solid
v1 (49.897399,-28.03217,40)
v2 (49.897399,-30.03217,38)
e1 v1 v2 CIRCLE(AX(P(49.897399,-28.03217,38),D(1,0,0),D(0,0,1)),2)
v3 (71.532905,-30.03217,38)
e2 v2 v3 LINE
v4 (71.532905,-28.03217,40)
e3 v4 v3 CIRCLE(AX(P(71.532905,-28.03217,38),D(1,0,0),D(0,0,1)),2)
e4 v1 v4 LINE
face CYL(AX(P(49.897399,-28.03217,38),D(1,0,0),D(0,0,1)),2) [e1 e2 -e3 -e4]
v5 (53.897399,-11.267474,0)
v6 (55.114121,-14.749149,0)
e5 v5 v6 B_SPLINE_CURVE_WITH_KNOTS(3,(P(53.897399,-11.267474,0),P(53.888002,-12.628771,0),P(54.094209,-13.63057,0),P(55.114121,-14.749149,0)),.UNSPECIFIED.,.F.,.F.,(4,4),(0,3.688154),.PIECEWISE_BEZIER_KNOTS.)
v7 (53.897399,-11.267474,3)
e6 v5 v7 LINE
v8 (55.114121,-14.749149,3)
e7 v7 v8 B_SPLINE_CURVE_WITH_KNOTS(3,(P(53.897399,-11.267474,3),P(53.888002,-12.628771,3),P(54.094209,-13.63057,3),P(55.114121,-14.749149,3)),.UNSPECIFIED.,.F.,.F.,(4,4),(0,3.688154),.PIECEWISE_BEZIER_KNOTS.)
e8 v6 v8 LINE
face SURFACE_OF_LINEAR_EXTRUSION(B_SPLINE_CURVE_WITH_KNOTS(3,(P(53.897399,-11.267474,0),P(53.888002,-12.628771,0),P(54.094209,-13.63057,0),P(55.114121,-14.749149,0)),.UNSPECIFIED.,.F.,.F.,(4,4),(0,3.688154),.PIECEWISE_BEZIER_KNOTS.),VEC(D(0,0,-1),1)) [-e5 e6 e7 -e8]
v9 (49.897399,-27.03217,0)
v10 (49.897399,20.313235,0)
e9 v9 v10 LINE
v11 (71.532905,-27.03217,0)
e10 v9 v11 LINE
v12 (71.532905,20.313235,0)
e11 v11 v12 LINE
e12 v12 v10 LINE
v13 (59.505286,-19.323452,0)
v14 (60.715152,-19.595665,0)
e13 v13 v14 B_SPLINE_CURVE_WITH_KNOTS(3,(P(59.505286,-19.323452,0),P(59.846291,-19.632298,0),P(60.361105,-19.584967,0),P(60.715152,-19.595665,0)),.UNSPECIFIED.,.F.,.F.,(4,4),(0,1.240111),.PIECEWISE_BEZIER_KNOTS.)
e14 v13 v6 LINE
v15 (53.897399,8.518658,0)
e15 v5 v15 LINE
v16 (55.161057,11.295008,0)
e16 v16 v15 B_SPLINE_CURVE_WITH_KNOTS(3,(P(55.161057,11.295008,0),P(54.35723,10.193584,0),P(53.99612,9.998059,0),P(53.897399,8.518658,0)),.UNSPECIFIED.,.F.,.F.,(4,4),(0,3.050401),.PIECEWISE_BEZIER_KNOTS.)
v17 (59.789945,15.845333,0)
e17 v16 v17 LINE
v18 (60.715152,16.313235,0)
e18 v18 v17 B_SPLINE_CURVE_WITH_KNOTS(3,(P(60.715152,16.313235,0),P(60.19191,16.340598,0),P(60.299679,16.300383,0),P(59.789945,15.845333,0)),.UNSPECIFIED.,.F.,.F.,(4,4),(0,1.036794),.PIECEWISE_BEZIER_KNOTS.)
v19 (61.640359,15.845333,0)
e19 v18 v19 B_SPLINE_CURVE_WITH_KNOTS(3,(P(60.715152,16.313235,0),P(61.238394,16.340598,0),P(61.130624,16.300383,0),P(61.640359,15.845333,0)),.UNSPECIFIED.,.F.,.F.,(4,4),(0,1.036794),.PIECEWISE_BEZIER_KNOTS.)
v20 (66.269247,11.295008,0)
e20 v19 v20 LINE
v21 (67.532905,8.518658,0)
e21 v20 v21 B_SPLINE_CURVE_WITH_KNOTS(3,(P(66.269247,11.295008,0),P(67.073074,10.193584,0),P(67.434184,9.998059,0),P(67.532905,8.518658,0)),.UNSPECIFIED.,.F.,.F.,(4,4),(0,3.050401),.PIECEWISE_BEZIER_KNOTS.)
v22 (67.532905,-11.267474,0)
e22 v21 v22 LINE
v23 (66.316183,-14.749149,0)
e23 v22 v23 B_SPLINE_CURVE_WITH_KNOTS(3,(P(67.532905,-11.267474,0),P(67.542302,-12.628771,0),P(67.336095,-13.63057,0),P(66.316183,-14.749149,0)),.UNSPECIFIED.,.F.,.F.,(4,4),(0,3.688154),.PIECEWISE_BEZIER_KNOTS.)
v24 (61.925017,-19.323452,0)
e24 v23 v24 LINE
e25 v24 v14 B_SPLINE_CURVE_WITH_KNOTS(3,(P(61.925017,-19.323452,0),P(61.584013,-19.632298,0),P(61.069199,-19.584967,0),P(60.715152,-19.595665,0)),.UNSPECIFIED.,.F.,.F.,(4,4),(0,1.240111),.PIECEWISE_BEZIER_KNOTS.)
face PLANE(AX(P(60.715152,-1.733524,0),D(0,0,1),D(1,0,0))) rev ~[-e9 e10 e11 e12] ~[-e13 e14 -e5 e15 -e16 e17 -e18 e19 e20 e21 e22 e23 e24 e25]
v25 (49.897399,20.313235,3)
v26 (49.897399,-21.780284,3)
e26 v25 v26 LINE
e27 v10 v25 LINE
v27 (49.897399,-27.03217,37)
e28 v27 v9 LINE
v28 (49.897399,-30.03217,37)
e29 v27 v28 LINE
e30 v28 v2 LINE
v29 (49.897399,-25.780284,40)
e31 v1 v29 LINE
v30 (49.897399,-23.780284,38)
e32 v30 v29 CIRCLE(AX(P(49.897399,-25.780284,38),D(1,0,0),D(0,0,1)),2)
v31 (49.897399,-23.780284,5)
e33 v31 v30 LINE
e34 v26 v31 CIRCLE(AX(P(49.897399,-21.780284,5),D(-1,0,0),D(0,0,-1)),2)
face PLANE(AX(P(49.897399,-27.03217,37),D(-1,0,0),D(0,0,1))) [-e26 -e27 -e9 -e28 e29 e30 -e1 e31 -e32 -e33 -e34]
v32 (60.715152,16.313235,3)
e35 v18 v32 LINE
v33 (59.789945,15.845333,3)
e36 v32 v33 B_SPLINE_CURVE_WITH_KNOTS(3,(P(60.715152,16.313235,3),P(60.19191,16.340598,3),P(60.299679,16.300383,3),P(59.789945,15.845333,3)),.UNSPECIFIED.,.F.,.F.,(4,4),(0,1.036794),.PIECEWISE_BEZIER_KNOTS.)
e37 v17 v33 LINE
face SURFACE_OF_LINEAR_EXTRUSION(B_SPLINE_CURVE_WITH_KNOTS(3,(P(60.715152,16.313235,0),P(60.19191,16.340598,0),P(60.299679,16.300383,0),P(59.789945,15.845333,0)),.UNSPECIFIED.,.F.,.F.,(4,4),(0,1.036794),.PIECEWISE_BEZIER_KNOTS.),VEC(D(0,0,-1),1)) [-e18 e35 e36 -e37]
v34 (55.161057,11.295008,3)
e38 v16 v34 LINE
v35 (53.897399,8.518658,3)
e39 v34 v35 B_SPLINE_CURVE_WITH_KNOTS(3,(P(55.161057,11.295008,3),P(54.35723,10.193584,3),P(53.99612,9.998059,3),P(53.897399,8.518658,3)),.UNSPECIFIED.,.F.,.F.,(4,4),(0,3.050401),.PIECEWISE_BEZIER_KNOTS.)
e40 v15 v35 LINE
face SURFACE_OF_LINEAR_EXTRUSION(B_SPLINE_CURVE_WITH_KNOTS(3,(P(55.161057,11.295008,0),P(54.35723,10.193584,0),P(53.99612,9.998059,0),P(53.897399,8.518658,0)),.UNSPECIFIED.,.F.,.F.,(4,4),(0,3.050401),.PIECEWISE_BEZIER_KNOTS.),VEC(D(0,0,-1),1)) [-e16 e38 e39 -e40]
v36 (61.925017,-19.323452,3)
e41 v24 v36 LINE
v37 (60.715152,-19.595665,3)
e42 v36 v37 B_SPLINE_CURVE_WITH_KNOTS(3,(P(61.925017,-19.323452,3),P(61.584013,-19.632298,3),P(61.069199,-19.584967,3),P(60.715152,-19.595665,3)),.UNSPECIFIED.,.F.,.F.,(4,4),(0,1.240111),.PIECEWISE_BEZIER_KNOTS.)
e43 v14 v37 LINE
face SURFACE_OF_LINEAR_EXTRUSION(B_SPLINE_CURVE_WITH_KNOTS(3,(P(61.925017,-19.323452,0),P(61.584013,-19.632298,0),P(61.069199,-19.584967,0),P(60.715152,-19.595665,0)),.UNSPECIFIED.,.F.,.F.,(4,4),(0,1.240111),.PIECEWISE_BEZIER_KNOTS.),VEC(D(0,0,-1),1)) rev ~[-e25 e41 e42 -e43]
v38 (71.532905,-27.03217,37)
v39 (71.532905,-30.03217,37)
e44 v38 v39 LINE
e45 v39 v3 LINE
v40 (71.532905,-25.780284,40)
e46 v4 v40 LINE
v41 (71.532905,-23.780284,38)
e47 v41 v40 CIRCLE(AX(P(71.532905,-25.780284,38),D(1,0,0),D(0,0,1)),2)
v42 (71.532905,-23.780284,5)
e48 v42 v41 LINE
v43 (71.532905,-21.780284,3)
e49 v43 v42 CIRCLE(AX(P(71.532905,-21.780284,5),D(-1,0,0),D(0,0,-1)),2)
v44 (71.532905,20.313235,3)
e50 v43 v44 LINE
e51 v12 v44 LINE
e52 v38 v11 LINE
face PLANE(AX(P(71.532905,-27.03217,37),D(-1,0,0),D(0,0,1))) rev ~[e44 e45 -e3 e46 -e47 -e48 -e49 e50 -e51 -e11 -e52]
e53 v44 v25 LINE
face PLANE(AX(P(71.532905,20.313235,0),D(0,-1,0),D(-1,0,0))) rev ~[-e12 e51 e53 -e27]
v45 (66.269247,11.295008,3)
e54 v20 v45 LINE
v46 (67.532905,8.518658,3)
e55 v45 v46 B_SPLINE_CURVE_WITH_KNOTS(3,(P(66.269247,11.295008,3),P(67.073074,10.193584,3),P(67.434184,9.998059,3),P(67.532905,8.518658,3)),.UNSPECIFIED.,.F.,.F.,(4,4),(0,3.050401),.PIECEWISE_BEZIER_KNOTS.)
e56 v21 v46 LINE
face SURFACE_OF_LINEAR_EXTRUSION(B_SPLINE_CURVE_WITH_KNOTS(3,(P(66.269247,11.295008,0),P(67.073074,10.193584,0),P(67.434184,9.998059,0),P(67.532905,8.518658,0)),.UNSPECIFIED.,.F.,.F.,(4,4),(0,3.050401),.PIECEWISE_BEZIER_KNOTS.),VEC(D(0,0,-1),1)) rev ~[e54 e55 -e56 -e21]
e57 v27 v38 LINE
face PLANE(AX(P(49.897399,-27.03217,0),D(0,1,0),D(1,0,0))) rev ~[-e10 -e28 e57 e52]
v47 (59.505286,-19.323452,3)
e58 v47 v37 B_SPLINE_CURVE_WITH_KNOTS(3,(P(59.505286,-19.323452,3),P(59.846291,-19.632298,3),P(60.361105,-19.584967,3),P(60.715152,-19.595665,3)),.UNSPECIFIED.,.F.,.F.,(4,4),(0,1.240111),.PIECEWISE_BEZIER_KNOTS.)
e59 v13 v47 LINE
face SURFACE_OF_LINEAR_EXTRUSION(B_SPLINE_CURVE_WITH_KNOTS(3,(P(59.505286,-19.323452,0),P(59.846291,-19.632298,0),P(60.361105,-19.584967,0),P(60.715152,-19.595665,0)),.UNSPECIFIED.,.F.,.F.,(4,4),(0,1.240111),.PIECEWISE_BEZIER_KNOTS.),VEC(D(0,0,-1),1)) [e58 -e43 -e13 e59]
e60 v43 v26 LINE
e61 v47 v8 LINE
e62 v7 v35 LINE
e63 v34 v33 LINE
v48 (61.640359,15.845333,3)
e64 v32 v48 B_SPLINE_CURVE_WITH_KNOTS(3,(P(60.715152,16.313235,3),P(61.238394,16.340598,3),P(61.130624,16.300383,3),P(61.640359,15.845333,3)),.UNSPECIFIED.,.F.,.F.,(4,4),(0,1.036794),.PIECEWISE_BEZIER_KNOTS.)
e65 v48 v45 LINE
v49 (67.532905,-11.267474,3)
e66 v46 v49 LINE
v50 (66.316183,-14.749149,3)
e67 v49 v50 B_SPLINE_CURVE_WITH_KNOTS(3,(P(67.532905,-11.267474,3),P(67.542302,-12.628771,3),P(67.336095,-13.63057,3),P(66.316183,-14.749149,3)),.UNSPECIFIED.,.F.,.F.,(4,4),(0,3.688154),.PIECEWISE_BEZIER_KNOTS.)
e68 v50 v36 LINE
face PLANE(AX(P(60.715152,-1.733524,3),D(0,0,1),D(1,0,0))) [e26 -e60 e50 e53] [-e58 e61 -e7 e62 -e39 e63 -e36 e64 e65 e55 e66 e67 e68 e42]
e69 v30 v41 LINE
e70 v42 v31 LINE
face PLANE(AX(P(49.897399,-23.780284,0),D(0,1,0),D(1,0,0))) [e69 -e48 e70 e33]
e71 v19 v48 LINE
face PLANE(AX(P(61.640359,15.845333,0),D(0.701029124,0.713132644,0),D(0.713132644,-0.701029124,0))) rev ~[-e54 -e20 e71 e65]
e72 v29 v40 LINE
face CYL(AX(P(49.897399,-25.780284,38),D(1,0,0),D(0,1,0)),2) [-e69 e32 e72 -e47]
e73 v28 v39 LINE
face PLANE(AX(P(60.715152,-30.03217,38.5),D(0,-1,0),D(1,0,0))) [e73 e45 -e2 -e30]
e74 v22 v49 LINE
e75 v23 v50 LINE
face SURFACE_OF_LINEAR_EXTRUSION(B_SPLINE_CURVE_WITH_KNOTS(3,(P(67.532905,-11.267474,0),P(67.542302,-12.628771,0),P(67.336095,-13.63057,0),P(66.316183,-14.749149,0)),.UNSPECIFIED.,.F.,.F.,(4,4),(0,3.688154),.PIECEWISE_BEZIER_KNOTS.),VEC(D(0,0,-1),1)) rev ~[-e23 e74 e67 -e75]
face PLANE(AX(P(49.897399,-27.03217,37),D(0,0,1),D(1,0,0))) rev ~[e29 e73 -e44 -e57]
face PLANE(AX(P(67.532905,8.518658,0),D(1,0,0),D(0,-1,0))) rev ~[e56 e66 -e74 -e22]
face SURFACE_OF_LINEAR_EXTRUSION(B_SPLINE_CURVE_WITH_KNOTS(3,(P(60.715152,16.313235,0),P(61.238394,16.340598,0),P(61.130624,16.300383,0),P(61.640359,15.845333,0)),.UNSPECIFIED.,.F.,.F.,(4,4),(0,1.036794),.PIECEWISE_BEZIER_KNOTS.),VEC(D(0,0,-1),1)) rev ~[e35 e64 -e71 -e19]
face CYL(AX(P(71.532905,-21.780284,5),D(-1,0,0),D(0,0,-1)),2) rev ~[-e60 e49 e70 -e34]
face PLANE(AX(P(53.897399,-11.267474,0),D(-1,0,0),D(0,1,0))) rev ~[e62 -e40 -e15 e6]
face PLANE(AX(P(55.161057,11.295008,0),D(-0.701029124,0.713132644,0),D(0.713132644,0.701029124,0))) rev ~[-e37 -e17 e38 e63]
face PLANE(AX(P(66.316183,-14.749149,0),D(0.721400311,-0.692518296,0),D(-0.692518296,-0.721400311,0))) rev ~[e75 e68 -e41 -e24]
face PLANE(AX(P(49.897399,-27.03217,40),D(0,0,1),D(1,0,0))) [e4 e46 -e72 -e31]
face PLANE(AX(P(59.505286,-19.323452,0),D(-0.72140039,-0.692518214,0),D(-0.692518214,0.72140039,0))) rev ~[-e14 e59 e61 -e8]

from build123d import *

# Parameters (mm, degrees)
F0_W     = 21.635506
F0_H     = 3.251886
F1_DEPTH = 3
F2_DEPTH = 40
F3_W     = 21.635506
F3_H     = 3
F4_DEPTH = 3
F5_R     = 2


with BuildPart() as f1:
    # F0 (on Top) → F1 (new body)
    with BuildSketch(Plane.XY):
        Polygon((71.532905, -23.780284), (71.532905, -23.03217), (71.532905, 20.313235), (60.715152, 20.313235), (49.897399, 20.313235), (49.897399, -23.03217), (49.897399, -23.780284), align=None)
        with BuildLine():
            add(Edge.make_bspline(
                [(60.715152, 16.313235), (60.19191, 16.340598), (60.299679, 16.300383), (59.789945, 15.845333)],
                knots=[0, 0, 0, 0, 1.036794, 1.036794, 1.036794, 1.036794], degree=3))
            add(Edge.make_bspline(
                [(60.715152, 16.313235), (61.238394, 16.340598), (61.130624, 16.300383), (61.640359, 15.845333)],
                knots=[0, 0, 0, 0, 1.036794, 1.036794, 1.036794, 1.036794], degree=3))
            Line((61.640359, 15.845333), (66.269247, 11.295008))
            add(Edge.make_bspline(
                [(66.269247, 11.295008), (67.073074, 10.193584), (67.434184, 9.998059), (67.532905, 8.518658)],
                knots=[0, 0, 0, 0, 3.050401, 3.050401, 3.050401, 3.050401], degree=3))
            Line((67.532905, 8.518658), (67.532905, -11.267474))
            add(Edge.make_bspline(
                [(67.532905, -11.267474), (67.542302, -12.628771), (67.336095, -13.63057), (66.316183, -14.749149)],
                knots=[0, 0, 0, 0, 3.688154, 3.688154, 3.688154, 3.688154], degree=3))
            Line((66.316183, -14.749149), (61.925017, -19.323452))
            add(Edge.make_bspline(
                [(61.925017, -19.323452), (61.584013, -19.632298), (61.069199, -19.584967), (60.715152, -19.595665)],
                knots=[0, 0, 0, 0, 1.240111, 1.240111, 1.240111, 1.240111], degree=3))
            add(Edge.make_bspline(
                [(59.505286, -19.323452), (59.846291, -19.632298), (60.361105, -19.584967), (60.715152, -19.595665)],
                knots=[0, 0, 0, 0, 1.240111, 1.240111, 1.240111, 1.240111], degree=3))
            Line((59.505286, -19.323452), (55.114121, -14.749149))
            add(Edge.make_bspline(
                [(53.897399, -11.267474), (53.888002, -12.628771), (54.094209, -13.63057), (55.114121, -14.749149)],
                knots=[0, 0, 0, 0, 3.688154, 3.688154, 3.688154, 3.688154], degree=3))
            Line((53.897399, -11.267474), (53.897399, 8.518658))
            add(Edge.make_bspline(
                [(55.161057, 11.295008), (54.35723, 10.193584), (53.99612, 9.998059), (53.897399, 8.518658)],
                knots=[0, 0, 0, 0, 3.050401, 3.050401, 3.050401, 3.050401], degree=3))
            Line((55.161057, 11.295008), (59.789945, 15.845333))
        make_face(mode=Mode.SUBTRACT)
        with Locations((60.715152, -25.406227)):
            Rectangle(F0_W, F0_H)
    extrude(amount=F1_DEPTH)

    # F0 (on Top) → F2 (join)
    with BuildSketch(Plane.XY):
        with Locations((60.715152, -25.406227)):
            Rectangle(F0_W, F0_H)
    extrude(amount=F2_DEPTH)

    # F3 (on face) → F4 (join)
    with BuildSketch(Plane.XZ.offset(27.03217)):
        with Locations((60.715152, 38.5)):
            Rectangle(F3_W, F3_H)
    extrude(amount=F4_DEPTH)

    # F5
    f5_edges = [f1.edges().sort_by_distance(p)[0] for p in [
        (60.715152, -30.03217, 40),
        (60.715152, -23.780284, 40),
        (60.715152, -23.780284, 3),
    ]]
    fillet(f5_edges, radius=F5_R)


solid = f1.part
